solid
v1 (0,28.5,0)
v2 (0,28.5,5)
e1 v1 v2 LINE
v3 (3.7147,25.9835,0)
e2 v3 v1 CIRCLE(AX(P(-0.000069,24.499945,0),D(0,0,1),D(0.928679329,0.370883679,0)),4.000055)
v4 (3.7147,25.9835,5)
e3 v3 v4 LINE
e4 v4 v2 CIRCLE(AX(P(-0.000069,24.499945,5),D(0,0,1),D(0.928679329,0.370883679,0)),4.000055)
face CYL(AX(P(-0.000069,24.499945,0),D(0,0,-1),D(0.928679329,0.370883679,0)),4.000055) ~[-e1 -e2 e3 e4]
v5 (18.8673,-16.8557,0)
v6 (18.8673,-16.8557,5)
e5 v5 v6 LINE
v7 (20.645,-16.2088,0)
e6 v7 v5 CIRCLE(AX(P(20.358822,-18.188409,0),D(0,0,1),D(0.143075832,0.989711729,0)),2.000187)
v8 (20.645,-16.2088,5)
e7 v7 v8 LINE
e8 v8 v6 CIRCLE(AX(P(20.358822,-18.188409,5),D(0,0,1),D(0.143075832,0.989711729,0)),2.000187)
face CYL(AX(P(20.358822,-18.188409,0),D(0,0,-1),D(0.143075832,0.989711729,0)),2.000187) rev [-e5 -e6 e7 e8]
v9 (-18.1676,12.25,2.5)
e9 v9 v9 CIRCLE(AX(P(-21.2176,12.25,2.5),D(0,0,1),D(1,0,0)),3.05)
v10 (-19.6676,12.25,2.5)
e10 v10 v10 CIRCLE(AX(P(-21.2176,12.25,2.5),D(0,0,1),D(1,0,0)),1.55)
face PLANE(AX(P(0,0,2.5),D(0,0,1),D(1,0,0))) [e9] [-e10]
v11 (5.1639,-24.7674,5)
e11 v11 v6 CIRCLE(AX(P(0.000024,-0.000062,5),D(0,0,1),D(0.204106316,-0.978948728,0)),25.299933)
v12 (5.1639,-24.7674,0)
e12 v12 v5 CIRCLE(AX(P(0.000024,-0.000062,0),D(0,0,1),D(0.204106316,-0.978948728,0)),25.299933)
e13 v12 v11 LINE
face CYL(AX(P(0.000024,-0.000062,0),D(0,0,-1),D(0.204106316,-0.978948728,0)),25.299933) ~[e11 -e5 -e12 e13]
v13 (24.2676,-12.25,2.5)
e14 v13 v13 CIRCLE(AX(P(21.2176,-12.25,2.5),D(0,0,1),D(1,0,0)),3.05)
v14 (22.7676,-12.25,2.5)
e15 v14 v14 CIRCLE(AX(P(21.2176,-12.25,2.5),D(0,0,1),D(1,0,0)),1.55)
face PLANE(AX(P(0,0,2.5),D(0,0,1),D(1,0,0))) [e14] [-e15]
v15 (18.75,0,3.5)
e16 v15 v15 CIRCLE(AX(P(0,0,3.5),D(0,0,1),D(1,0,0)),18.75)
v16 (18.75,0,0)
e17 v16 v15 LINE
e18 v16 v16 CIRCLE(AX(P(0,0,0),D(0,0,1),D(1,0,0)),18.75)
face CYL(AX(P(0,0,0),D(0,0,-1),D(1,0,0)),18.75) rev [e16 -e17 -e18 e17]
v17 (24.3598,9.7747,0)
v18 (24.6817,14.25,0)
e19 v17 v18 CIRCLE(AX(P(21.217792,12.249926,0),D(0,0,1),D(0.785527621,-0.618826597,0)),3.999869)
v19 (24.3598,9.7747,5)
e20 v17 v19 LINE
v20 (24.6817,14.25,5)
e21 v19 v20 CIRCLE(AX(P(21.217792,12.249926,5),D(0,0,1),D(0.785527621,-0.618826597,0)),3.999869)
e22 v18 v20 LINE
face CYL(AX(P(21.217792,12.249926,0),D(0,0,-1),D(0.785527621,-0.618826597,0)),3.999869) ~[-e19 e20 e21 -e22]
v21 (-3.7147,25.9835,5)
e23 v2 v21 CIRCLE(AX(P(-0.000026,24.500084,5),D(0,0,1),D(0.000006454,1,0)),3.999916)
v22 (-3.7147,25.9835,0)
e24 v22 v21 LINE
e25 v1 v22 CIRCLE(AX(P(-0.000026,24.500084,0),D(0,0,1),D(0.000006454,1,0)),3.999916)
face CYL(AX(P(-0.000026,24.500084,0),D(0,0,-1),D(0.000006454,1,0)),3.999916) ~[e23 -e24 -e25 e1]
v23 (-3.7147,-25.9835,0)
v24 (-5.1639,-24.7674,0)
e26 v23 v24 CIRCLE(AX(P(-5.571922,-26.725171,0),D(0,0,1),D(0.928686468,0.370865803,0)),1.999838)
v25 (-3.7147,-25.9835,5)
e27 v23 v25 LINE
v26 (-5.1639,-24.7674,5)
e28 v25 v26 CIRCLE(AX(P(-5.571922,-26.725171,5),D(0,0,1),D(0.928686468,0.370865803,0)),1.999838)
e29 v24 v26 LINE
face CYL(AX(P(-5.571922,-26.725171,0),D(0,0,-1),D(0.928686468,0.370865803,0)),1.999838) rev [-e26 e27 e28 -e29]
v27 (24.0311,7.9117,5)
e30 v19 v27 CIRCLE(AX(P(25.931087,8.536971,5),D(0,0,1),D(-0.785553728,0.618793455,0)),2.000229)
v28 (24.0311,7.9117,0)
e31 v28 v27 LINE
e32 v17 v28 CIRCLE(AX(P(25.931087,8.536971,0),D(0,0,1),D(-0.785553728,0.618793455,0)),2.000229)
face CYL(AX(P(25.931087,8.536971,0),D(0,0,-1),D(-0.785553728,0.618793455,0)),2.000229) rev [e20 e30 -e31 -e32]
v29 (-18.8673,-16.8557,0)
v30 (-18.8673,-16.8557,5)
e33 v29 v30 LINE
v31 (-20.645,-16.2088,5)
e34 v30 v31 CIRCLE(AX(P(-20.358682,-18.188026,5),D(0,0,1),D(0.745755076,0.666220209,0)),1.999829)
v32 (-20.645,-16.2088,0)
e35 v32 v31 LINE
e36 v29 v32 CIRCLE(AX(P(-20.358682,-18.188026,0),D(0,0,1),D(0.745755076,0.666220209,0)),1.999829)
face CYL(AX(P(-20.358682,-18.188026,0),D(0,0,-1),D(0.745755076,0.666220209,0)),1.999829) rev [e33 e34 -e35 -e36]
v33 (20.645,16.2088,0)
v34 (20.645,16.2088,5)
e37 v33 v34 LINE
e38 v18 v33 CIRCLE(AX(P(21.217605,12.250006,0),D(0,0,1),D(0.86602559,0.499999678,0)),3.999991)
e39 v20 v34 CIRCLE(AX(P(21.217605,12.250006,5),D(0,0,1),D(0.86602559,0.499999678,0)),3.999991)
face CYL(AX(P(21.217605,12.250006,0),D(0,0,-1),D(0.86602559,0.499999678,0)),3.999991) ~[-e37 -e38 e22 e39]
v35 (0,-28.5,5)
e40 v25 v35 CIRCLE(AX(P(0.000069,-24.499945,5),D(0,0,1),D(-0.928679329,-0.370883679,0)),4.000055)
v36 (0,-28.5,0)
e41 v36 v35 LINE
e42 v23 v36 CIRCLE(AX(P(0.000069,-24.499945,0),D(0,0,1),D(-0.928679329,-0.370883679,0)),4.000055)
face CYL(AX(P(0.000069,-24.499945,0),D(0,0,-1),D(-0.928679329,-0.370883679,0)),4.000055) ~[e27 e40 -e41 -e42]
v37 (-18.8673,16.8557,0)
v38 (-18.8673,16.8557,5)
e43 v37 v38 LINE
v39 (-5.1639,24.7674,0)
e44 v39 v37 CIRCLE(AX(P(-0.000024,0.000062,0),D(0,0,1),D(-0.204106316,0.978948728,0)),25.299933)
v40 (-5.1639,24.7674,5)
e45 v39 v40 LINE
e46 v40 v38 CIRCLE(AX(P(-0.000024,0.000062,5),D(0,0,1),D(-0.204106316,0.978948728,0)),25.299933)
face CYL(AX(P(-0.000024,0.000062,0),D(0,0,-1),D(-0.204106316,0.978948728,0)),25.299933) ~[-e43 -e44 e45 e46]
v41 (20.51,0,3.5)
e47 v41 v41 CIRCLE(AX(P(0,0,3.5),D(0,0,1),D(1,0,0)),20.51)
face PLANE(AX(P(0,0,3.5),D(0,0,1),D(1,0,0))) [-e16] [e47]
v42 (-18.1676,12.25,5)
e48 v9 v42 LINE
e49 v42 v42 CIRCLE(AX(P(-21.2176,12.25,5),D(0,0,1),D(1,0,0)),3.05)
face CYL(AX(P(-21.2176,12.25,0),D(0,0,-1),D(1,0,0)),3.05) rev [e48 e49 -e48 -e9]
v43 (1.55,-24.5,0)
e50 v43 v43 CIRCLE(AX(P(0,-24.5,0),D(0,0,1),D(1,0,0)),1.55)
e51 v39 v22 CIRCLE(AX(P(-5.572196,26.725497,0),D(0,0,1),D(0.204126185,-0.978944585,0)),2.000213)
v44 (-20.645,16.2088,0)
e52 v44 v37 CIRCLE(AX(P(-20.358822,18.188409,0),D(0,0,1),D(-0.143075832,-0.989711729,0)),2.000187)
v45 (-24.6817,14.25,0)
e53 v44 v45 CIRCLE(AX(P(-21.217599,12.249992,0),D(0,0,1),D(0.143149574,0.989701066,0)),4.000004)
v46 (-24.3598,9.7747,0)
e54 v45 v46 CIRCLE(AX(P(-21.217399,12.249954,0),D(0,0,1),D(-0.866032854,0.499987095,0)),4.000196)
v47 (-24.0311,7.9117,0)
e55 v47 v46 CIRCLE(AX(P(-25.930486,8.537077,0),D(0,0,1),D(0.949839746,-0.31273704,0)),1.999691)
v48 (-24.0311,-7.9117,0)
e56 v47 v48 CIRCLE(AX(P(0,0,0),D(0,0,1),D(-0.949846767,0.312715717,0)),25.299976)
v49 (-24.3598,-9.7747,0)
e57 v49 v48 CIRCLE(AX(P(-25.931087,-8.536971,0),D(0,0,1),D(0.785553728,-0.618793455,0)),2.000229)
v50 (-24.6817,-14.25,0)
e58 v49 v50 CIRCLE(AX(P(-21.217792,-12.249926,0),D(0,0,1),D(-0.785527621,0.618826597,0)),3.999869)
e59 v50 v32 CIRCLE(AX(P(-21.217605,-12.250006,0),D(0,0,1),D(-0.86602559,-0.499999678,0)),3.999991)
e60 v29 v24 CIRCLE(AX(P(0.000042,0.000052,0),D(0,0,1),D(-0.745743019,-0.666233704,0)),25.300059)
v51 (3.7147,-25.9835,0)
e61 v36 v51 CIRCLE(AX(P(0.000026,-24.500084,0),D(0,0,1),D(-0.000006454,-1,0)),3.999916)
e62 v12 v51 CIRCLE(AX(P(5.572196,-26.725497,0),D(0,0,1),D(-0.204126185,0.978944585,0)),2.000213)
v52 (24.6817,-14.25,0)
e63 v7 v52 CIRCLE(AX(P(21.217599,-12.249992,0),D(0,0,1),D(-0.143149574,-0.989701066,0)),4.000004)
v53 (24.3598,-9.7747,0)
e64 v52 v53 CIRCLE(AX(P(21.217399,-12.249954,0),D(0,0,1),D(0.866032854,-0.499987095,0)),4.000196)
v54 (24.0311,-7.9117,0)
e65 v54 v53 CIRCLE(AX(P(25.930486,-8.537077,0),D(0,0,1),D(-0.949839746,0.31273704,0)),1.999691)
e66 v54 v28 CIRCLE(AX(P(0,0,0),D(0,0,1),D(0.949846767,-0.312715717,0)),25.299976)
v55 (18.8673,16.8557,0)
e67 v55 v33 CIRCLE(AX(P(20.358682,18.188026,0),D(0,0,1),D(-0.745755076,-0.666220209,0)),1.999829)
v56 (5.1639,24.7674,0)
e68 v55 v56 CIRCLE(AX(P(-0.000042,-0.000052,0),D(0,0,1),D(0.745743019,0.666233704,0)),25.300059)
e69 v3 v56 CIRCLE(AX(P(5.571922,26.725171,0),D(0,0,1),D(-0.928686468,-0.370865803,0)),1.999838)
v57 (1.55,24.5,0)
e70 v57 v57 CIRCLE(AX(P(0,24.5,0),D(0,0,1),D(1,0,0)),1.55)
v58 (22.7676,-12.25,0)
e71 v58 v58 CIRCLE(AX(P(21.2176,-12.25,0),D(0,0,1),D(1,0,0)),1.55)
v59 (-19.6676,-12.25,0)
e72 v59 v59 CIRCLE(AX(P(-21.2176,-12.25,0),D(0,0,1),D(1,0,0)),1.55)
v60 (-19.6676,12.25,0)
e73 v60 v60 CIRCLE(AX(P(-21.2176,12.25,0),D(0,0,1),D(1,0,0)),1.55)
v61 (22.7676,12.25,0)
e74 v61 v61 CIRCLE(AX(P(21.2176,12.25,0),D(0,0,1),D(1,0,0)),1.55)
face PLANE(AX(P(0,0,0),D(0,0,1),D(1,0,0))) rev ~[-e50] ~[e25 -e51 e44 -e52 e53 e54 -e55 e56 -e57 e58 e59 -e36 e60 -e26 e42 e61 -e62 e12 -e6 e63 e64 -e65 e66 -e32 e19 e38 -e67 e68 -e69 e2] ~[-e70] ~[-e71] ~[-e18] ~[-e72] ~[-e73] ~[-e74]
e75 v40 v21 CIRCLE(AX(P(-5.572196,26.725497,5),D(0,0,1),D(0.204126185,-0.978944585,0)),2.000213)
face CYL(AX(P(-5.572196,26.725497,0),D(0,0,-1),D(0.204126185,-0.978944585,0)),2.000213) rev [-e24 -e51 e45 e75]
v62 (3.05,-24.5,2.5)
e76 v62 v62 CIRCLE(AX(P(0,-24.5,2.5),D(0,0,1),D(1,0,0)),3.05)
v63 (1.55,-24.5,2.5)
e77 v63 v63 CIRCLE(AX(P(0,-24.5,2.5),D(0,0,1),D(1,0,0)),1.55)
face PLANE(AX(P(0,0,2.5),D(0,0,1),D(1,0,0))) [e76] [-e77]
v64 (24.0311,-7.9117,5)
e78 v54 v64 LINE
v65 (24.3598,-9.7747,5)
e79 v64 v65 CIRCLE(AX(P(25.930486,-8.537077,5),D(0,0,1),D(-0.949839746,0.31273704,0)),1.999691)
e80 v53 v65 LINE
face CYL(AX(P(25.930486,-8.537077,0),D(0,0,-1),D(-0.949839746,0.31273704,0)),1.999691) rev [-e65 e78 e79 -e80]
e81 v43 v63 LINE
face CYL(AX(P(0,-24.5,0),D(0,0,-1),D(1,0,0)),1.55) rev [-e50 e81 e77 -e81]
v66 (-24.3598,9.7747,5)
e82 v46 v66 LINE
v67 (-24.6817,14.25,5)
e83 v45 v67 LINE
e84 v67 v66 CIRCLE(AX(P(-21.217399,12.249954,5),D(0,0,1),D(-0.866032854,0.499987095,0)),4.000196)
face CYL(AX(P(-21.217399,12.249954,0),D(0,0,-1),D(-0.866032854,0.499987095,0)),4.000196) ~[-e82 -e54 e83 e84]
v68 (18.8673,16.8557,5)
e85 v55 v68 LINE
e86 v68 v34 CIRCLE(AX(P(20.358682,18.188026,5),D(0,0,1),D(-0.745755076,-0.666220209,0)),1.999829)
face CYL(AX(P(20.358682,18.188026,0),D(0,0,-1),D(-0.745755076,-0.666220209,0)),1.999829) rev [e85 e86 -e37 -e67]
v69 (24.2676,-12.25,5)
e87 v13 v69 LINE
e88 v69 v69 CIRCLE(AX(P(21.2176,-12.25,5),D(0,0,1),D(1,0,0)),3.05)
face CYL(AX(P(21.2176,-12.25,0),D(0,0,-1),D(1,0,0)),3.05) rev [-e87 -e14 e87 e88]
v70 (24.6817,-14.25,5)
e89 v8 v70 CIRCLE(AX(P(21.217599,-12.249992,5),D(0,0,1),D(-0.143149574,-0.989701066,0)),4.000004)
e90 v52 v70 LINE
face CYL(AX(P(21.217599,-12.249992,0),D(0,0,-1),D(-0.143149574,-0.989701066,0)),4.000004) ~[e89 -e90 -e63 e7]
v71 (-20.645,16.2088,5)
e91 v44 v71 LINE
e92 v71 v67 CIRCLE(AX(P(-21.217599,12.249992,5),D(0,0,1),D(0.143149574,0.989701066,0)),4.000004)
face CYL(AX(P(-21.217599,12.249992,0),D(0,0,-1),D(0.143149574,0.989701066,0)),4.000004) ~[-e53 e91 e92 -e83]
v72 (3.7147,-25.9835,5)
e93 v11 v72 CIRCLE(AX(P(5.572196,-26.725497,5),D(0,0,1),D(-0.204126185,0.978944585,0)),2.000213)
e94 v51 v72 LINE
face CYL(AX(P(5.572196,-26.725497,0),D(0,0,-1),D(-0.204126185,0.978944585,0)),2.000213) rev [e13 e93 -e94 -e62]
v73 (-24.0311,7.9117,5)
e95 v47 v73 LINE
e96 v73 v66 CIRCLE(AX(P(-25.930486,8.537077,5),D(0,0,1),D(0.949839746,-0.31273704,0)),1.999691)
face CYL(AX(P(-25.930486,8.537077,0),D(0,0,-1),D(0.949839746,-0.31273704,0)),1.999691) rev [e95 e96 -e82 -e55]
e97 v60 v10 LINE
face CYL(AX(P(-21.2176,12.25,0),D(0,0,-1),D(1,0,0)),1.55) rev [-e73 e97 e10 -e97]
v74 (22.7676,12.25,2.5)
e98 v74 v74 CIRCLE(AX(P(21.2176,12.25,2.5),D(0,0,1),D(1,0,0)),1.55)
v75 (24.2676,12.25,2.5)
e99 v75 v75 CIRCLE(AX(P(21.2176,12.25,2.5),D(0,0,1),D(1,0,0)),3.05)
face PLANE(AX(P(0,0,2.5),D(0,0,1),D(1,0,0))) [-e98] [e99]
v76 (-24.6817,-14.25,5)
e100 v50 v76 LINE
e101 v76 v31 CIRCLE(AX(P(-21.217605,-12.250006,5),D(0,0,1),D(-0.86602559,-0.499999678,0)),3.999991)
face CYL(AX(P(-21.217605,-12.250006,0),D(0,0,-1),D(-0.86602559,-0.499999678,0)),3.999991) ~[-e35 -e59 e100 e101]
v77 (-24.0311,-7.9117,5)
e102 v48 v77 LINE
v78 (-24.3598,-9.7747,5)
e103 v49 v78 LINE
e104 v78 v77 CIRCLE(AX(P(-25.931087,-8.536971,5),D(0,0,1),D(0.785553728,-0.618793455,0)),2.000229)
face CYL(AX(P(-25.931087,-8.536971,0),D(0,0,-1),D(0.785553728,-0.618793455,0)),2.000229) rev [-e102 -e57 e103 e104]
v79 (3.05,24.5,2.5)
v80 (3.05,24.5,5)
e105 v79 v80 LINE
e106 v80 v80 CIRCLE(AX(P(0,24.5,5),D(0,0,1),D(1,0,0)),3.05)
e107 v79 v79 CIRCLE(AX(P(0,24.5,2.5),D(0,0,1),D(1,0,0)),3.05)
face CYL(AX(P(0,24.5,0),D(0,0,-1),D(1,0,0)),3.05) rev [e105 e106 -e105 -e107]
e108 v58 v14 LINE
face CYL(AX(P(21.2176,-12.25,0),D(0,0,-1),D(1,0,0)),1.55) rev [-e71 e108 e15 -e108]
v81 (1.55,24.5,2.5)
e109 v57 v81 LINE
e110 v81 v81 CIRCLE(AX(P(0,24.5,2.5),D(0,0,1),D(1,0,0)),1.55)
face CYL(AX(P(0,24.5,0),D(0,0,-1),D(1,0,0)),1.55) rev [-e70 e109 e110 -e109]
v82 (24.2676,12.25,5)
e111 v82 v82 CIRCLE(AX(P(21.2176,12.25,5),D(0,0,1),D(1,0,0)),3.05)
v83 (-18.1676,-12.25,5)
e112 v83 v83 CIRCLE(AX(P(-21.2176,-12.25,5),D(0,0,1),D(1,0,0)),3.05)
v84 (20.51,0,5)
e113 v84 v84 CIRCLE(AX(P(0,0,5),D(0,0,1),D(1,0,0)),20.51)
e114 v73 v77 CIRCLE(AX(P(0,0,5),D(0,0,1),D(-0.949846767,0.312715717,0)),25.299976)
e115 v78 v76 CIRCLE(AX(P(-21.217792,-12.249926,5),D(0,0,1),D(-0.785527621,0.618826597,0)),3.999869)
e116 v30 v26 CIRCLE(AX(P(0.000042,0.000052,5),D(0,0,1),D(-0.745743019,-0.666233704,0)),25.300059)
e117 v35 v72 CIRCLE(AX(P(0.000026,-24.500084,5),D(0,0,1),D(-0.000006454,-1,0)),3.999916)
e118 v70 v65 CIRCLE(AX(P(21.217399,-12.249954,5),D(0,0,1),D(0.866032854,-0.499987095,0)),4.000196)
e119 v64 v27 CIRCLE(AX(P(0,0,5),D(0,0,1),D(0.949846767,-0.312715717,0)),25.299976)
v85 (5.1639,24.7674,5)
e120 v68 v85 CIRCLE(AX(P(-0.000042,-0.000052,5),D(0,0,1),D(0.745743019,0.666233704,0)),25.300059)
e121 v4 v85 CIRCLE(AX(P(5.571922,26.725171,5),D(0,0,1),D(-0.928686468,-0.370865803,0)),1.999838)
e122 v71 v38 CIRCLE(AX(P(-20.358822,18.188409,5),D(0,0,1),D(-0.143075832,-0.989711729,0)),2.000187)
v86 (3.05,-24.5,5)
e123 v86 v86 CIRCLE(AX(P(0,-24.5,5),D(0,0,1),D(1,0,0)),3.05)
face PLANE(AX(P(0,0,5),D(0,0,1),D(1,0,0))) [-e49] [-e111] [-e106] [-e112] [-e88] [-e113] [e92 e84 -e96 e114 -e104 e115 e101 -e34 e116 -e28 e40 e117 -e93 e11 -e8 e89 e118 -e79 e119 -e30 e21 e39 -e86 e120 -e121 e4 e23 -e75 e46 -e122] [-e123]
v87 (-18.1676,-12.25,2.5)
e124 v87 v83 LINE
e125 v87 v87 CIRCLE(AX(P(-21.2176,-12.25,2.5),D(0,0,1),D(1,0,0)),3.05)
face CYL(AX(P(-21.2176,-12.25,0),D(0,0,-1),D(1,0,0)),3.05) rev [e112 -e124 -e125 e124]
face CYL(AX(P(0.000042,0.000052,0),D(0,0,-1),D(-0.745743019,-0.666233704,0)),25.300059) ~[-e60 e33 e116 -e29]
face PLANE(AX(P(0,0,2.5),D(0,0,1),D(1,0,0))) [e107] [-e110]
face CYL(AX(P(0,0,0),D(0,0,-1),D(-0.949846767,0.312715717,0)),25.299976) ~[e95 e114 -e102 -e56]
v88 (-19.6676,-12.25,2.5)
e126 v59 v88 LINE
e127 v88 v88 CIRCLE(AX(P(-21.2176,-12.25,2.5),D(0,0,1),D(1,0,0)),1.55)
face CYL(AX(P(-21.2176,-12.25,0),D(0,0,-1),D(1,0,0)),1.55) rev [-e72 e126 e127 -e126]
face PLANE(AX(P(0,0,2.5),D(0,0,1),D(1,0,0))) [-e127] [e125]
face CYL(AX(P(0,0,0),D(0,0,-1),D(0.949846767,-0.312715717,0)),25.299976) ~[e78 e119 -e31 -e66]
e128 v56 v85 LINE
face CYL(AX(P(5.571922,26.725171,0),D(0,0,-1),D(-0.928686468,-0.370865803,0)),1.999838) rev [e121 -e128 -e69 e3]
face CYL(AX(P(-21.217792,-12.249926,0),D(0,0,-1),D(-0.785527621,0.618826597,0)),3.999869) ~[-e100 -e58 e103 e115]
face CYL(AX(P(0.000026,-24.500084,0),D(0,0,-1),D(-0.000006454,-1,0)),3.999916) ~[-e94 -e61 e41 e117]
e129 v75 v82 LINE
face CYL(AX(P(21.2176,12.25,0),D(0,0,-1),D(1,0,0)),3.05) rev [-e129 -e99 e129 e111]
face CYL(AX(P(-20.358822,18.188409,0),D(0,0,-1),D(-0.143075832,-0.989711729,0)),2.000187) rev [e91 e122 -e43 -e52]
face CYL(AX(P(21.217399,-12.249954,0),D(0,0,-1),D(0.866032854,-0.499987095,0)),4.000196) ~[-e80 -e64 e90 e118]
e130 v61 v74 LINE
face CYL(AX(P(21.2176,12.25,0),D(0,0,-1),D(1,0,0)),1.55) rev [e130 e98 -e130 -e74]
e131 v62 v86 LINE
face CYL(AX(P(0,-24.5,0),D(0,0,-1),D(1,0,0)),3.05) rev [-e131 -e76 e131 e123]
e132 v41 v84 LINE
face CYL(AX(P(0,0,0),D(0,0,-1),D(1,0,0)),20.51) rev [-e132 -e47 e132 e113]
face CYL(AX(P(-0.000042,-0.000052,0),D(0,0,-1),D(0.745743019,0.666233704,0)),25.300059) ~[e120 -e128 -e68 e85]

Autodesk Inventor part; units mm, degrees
ref_plane "YZ Plane" through (0, 0, 0) normal (1, 0, 0) x (0, 1, 0)
ref_plane "XZ Plane" through (0, 0, 0) normal (0, 1, 0) x (-1, 0, 0)
ref_plane "XY Plane" through (0, 0, 0) normal (0, 0, 1) x (1, 0, 0)
sketch "スケッチ1" plane through (0, 0, 0) normal (0, 0, 1) x (1, 0, 0)
  circle A0 centre (0, 0) radius 18.75
  circle A1 centre (0, 0) radius 20.5 construction
  circle A2 centre (0, 0) radius 20.51
  line L0 (0, 0) -> (0, 24.5) construction
  circle A3 centre (0, 24.5) radius 1.55
  circle A4 centre (0, 24.5) radius 3 construction
  arc A5 (0, 28.5) -> (-3.7147, 25.9835) centre (0, 24.5) ccw
  arc A6 (-5.1639, 24.7674) -> (-18.8673, 16.8557) centre (0, 0) ccw
  arc A7 (-5.1639, 24.7674) -> (-3.7147, 25.9835) centre (-5.5721, 26.7253) ccw
  arc A8 (3.7147, 25.9835) -> (0, 28.5) centre (0, 24.5) ccw
  arc A9 (3.7147, 25.9835) -> (5.1639, 24.7674) centre (5.5721, 26.7253) ccw
  circle A10 centre (0, 24.5) radius 3.05
  arc A11 (-24.0311, 7.9117) -> (-24.0311, -7.9117) centre (0, 0) ccw
  arc A12 (-24.0311, 7.9117) -> (-24.3598, 9.7747) centre (-25.9308, 8.5371) ccw
  arc A13 (-24.6817, 14.25) -> (-24.3598, 9.7747) centre (-21.2176, 12.25) ccw
  arc A14 (-20.645, 16.2088) -> (-24.6817, 14.25) centre (-21.2176, 12.25) ccw
  arc A15 (-20.645, 16.2088) -> (-18.8673, 16.8557) centre (-20.3588, 18.1882) ccw
  circle A16 centre (-21.2176, 12.25) radius 3.05
  circle A17 centre (-21.2176, 12.25) radius 1.55
  arc A18 (-18.8673, -16.8557) -> (-5.1639, -24.7674) centre (0, 0) ccw
  arc A19 (-18.8673, -16.8557) -> (-20.645, -16.2088) centre (-20.3588, -18.1882) ccw
  arc A20 (-24.6817, -14.25) -> (-20.645, -16.2088) centre (-21.2176, -12.25) ccw
  arc A21 (-24.3598, -9.7747) -> (-24.6817, -14.25) centre (-21.2176, -12.25) ccw
  arc A22 (-24.3598, -9.7747) -> (-24.0311, -7.9117) centre (-25.9308, -8.5371) ccw
  circle A23 centre (-21.2176, -12.25) radius 3.05
  circle A24 centre (-21.2176, -12.25) radius 1.55
  arc A25 (5.1639, -24.7674) -> (18.8673, -16.8557) centre (0, 0) ccw
  arc A26 (5.1639, -24.7674) -> (3.7147, -25.9835) centre (5.5721, -26.7253) ccw
  arc A27 (0, -28.5) -> (3.7147, -25.9835) centre (0, -24.5) ccw
  arc A28 (-3.7147, -25.9835) -> (0, -28.5) centre (0, -24.5) ccw
  arc A29 (-3.7147, -25.9835) -> (-5.1639, -24.7674) centre (-5.5721, -26.7253) ccw
  circle A30 centre (0, -24.5) radius 3.05
  circle A31 centre (0, -24.5) radius 1.55
  arc A32 (24.0311, -7.9117) -> (24.0311, 7.9117) centre (0, 0) ccw
  arc A33 (24.0311, -7.9117) -> (24.3598, -9.7747) centre (25.9308, -8.5371) ccw
  arc A34 (24.6817, -14.25) -> (24.3598, -9.7747) centre (21.2176, -12.25) ccw
  arc A35 (20.645, -16.2088) -> (24.6817, -14.25) centre (21.2176, -12.25) ccw
  arc A36 (20.645, -16.2088) -> (18.8673, -16.8557) centre (20.3588, -18.1882) ccw
  circle A37 centre (21.2176, -12.25) radius 3.05
  circle A38 centre (21.2176, -12.25) radius 1.55
  arc A39 (18.8673, 16.8557) -> (5.1639, 24.7674) centre (0, 0) ccw
  arc A40 (18.8673, 16.8557) -> (20.645, 16.2088) centre (20.3588, 18.1882) ccw
  arc A41 (24.6817, 14.25) -> (20.645, 16.2088) centre (21.2176, 12.25) ccw
  arc A42 (24.3598, 9.7747) -> (24.6817, 14.25) centre (21.2176, 12.25) ccw
  arc A43 (24.3598, 9.7747) -> (24.0311, 7.9117) centre (25.9308, 8.5371) ccw
  circle A44 centre (21.2176, 12.25) radius 3.05
  circle A45 centre (21.2176, 12.25) radius 1.55
  point P0 (-18.8673, 16.8557)
  point P1 (-24.0311, -7.9117)
  point P2 (-5.1639, -24.7674)
  point P3 (18.8673, -16.8557)
  point P4 (24.0311, 7.9117)
  dimension "d0" = 37.5
  dimension "d1" = 41
  dimension "d2" = 24.5
  dimension "d3" = 0.01
  dimension "d4" = 3.1
  dimension "d5" = 6
  dimension "d8" = 2
  dimension "d9" = 4.8
  dimension "d10" = 4
  dimension "d11" = 0.05
  dimension "d14" = 360
extrude "押し出し1" add sketch "スケッチ1" along normal blind 5 contours A8 A9 A39 A40 A41 A42 A43 A32 A33 A34 A35 A36 A25 A26 A27 A28 A29 A18 A19 A20 A21 A22 A11 A12 A13 A14 A15 A6 A7 A5
extrude "押し出し2" add sketch "スケッチ1" along normal blind 3.5 contours A2
extrude "押し出し3" add sketch "スケッチ1" along normal blind 2.5 contours A10 | A16 | A23 | A30 | A37 | A44
properties part number "Outer_support_stand" material "アルミニウム 2014-T4"
